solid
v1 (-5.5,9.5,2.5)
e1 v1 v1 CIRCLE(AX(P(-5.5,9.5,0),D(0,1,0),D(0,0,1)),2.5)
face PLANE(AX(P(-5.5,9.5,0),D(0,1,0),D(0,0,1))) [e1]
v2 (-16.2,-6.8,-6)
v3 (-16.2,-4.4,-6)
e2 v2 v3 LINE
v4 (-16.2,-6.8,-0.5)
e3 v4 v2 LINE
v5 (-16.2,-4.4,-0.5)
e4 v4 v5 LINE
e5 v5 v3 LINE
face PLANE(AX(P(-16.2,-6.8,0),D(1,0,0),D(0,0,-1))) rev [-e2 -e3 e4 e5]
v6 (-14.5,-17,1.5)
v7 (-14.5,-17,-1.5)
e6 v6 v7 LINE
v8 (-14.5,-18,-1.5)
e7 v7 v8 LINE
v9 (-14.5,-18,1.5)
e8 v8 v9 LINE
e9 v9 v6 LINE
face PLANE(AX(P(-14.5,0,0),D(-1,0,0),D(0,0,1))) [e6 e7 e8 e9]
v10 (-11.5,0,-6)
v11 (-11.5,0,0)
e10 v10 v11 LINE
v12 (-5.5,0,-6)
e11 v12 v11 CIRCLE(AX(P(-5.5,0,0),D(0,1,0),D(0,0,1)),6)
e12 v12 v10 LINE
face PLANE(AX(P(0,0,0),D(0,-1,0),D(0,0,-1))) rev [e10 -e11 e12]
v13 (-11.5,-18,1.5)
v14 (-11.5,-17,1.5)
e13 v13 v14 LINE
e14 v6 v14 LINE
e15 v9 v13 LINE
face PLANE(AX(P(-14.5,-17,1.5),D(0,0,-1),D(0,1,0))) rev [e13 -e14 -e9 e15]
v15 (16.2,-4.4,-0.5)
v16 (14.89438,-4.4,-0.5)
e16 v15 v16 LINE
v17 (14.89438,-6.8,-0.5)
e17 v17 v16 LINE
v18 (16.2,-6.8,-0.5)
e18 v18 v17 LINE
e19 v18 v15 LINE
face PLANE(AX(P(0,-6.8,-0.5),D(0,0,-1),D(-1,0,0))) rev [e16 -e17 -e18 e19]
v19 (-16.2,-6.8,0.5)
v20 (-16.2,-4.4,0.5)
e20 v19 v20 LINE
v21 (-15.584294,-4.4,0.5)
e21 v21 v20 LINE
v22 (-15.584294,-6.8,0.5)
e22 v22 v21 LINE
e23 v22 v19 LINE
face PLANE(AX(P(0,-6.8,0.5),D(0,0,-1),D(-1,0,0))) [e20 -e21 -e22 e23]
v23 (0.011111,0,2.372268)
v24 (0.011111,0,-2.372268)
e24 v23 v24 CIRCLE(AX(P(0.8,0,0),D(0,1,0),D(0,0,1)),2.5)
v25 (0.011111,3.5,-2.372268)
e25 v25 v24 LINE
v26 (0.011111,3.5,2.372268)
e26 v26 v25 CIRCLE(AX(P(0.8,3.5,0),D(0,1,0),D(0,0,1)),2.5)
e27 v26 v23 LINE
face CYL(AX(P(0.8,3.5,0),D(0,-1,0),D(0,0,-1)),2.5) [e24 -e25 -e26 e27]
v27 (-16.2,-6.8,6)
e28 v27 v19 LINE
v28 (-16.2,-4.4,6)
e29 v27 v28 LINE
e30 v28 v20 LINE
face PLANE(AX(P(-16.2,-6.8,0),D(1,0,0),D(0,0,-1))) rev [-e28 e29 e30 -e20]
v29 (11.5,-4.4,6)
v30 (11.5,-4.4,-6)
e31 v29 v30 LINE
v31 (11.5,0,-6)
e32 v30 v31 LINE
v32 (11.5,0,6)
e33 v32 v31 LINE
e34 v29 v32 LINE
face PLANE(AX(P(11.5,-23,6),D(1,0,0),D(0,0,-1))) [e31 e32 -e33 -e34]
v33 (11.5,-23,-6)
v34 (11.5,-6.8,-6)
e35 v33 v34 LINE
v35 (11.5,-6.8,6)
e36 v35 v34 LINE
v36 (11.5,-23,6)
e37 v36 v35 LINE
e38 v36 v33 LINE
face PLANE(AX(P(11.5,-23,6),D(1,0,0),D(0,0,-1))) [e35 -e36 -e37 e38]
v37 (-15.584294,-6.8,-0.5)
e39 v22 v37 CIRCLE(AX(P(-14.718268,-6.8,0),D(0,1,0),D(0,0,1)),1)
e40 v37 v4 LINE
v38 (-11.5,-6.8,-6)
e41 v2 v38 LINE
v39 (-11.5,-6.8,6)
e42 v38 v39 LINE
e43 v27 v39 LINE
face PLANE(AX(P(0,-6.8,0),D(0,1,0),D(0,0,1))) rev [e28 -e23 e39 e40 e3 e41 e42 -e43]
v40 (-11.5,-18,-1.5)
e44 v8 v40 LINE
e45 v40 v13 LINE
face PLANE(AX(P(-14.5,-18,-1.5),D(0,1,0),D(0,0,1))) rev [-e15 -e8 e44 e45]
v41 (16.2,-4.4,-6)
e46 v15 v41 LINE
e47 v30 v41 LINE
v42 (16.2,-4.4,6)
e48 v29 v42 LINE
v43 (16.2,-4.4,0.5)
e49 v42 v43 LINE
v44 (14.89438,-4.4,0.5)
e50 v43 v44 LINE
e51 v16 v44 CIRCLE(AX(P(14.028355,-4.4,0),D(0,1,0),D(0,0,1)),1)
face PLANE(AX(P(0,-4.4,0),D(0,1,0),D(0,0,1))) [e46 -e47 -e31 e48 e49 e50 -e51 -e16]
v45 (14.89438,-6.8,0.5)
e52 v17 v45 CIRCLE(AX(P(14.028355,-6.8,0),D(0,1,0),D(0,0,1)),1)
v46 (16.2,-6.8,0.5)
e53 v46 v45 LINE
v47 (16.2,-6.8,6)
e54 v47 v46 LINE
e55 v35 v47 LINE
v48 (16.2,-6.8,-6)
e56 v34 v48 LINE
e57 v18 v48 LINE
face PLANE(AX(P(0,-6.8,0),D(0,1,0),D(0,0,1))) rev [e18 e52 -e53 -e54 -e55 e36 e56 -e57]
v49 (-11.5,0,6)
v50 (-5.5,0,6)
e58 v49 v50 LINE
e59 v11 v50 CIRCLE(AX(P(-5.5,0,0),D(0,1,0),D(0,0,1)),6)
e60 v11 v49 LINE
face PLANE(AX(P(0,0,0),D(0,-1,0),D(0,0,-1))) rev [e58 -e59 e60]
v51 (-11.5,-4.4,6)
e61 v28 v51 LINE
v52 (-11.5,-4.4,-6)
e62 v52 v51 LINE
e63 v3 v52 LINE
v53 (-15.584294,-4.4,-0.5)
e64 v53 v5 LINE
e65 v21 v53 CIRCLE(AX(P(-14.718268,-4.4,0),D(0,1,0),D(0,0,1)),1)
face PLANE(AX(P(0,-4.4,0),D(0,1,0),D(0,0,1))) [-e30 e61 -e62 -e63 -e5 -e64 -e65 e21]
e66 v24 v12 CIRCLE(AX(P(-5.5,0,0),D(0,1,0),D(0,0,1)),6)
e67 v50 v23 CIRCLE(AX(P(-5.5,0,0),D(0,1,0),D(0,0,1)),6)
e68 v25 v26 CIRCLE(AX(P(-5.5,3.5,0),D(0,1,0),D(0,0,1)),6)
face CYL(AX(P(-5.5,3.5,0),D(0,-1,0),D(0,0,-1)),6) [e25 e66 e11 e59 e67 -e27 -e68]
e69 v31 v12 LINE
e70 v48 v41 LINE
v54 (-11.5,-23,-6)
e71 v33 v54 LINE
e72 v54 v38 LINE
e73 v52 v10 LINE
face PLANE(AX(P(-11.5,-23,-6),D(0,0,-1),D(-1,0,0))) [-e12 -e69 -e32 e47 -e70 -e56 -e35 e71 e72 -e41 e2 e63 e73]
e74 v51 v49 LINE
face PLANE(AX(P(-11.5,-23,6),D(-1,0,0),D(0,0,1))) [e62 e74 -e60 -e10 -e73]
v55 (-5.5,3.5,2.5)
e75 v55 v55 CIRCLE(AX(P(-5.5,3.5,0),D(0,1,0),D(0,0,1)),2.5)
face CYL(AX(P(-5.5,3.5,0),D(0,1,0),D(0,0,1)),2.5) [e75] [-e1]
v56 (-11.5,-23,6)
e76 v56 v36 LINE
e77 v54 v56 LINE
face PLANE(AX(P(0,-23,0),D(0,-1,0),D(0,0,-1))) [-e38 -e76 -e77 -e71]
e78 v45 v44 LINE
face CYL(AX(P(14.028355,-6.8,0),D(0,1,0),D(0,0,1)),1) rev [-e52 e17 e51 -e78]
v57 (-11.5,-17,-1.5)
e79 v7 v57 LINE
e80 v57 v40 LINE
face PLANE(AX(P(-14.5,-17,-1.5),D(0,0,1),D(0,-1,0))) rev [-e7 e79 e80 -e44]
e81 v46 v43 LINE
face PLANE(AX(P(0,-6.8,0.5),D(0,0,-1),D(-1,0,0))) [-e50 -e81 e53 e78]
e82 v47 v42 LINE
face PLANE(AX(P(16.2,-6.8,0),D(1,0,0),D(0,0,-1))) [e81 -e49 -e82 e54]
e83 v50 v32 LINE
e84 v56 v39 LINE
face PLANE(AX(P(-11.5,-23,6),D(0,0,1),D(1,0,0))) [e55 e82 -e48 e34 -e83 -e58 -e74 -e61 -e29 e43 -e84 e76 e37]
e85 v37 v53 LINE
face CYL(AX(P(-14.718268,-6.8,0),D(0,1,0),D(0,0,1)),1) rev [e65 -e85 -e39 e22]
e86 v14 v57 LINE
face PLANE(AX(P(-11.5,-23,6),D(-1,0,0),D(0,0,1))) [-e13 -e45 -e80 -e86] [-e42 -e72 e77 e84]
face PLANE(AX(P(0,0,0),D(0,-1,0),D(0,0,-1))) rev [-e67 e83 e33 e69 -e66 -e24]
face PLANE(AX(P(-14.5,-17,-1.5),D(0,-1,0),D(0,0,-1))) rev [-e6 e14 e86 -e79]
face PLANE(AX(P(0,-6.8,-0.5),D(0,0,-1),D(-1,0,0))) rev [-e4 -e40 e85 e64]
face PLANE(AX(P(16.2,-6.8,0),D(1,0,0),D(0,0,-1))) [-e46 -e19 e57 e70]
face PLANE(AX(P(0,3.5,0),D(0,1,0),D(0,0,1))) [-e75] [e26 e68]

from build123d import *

# Parameters (mm, degrees)
SKETCH2_W           = 23
SKETCH2_H           = 12
BOSS_EXTRUDE1_DEPTH = 23
BOSS_EXTRUDE2_START = -4.4
BOSS_EXTRUDE2_DEPTH = 2.4
SKETCH4_R           = 6
SKETCH4_R_2         = 2.5
BOSS_EXTRUDE3_DEPTH = 3.5
BOSS_EXTRUDE4_DEPTH = 3
SKETCH6_W           = 3
SKETCH6_H           = 1
BOSS_EXTRUDE5_DEPTH = 3
SKETCH7_R           = 2.5
BOSS_EXTRUDE6_DEPTH = 3


with BuildPart() as part:
    # Sketch2 → Boss-Extrude1 (new body)
    with BuildSketch(Plane(origin=(0, 0, 0), x_dir=(1, 0, 0), z_dir=(0, 1, 0))):
        Rectangle(SKETCH2_W, SKETCH2_H)
    extrude(amount=-BOSS_EXTRUDE1_DEPTH)

    # Sketch3 → Boss-Extrude2 (add)
    with BuildSketch(Plane(origin=(0, 0, 0), x_dir=(1, 0, 0), z_dir=(0, 1, 0)).offset(BOSS_EXTRUDE2_START)):
        with BuildLine():
            Line((-16.2, -0.5), (-16.2, -6))
            Line((-16.2, -6), (-11.5, -6))
            Line((-11.5, -6), (-11.5, 6))
            Line((-11.5, 6), (-16.2, 6))
            Line((-16.2, 6), (-16.2, 0.5))
            Line((-16.2, 0.5), (-15.584293743, 0.5))
            ThreePointArc((-15.584293743, 0.5), (-14.459449294, 0.965925826), (-13.718268339, 0))
            ThreePointArc((-13.718268339, 0), (-14.459449294, -0.965925826), (-15.584293743, -0.5))
            Line((-15.584293743, -0.5), (-16.2, -0.5))
        make_face()
        with BuildLine():
            Line((11.5, 6), (11.5, -6))
            Line((11.5, -6), (16.2, -6))
            Line((16.2, -6), (16.2, -0.5))
            Line((16.2, -0.5), (14.894380034, -0.5))
            ThreePointArc((14.894380034, -0.5), (13.02835463, 0), (14.894380034, 0.5))
            Line((14.894380034, 0.5), (16.2, 0.5))
            Line((16.2, 0.5), (16.2, 6))
            Line((16.2, 6), (11.5, 6))
        make_face()
    extrude(amount=-BOSS_EXTRUDE2_DEPTH)

    # Sketch4 → Boss-Extrude3 (add)
    with BuildSketch(Plane(origin=(0, 0, 0), x_dir=(1, 0, 0), z_dir=(0, 1, 0))):
        with Locations((-5.5, 0)):
            Circle(SKETCH4_R)
        with Locations((0.8, 0)):
            Circle(SKETCH4_R_2)
    extrude(amount=BOSS_EXTRUDE3_DEPTH)

    # Sketch5 → Boss-Extrude4 (add)
    with BuildSketch(Plane(origin=(0, 3.5, 0), x_dir=(1, 0, 0), z_dir=(0, 1, 0))):
        Polygon((-3.255005568, -0.15), (-3.437184296, 0), (-3.255005568, 0.15), (-3.455589794, 0.274946425), (-3.295142762, 0.44844683), (-3.51047784, 0.544986424), (-3.374587739, 0.738324266), (-3.600868956, 0.805301127), (-3.491960749, 1.015026288), (-3.725150111, 1.051245213), (-3.645167266, 1.273615142), (-3.881103504, 1.278429803), (-3.831473318, 1.509476304), (-4.065946143, 1.482800783), (-4.047554268, 1.718400825), (-4.276379508, 1.660711148), (-4.289554146, 1.896660443), (-4.508648409, 1.808986083), (-4.553154459, 2.04107411), (-4.758608002, 1.924979619), (-4.833651254, 2.149064761), (-5.021797754, 2.006621847), (-5.126039057, 2.218705301), (-5.293521035, 2.052455862), (-5.425100203, 2.248752992), (-5.568928939, 2.061663752), (-5.725497937, 2.238671633), (-5.843106805, 2.034081205), (-6.021871655, 2.188641125), (-6.111161921, 1.97020043), (-6.308932561, 2.099554265), (-6.368310838, 1.871161381), (-6.581558046, 1.973000809), (-6.609964728, 1.738731414), (-6.834883102, 1.811239107), (-6.831811271, 1.575273743), (-7.064387138, 1.6171558), (-7.02989161, 1.383705275), (-7.265974648, 1.39421431), (-7.200670997, 1.167444554), (-7.436048299, 1.146393032), (-7.34110187, 0.930350756), (-7.571573122, 0.878114343), (-7.448678237, 0.676654828), (-7.670130674, 0.594165683), (-7.521480394, 0.410883978), (-7.729962192, 0.299614123), (-7.558209186, 0.137780894), (-7.749999982, -0.000284059), (-7.558209186, -0.137780894), (-7.729886469, -0.300177172), (-7.521480394, -0.410883978), (-7.669980579, -0.594713616), (-7.448678237, -0.676654828), (-7.571351335, -0.878637381), (-7.34110187, -0.930350756), (-7.435758777, -1.146881842), (-7.200670997, -1.167444554), (-7.265622557, -1.394660168), (-7.02989161, -1.383705275), (-7.063978761, -1.617550752), (-6.831811271, -1.575273743), (-6.834425728, -1.811576103), (-6.609964728, -1.738731414), (-6.581059835, -1.973273836), (-6.368310838, -1.871161381), (-6.308402404, -2.099758451), (-6.111161921, -1.97020043), (-6.021319013, -2.188772827), (-5.843106805, -2.034081205), (-5.724932672, -2.238728499), (-5.568928939, -2.061663752), (-5.424532402, -2.248734009), (-5.293521035, -2.052455862), (-5.125478853, -2.218610806), (-5.021797754, -2.006621847), (-4.833108643, -2.148896442), (-4.758608002, -1.924979619), (-4.552639125, -2.040834969), (-4.508648409, -1.808986083), (-4.289075284, -1.896354748), (-4.276379508, -1.660711148), (-4.047120423, -1.718034032), (-4.065946143, -1.482800783), (-3.831092233, -1.509054958), (-3.881103504, -1.278429803), (-3.644845742, -1.273146762), (-3.725150111, -1.051245213), (-3.491704522, -1.014519232), (-3.600868956, -0.805301127), (-3.374401382, -0.737787582), (-3.51047784, -0.544986424), (-3.295029601, -0.447890096), (-3.455589794, -0.274946425), align=None)
    extrude(amount=BOSS_EXTRUDE4_DEPTH)

    # Sketch6 → Boss-Extrude5 (add)
    with BuildSketch(Plane.ZY.offset(11.5)):
        with Locations((0, -17.5)):
            Rectangle(SKETCH6_W, SKETCH6_H)
    extrude(amount=BOSS_EXTRUDE5_DEPTH)

    # Sketch7 → Boss-Extrude6 (add, symmetric)
    with BuildSketch(Plane(origin=(0, 6.5, 0), x_dir=(1, 0, 0), z_dir=(0, 1, 0))):
        with Locations((-5.5, 0)):
            Circle(SKETCH7_R)
    extrude(amount=BOSS_EXTRUDE6_DEPTH, both=True)


solid = part.part
